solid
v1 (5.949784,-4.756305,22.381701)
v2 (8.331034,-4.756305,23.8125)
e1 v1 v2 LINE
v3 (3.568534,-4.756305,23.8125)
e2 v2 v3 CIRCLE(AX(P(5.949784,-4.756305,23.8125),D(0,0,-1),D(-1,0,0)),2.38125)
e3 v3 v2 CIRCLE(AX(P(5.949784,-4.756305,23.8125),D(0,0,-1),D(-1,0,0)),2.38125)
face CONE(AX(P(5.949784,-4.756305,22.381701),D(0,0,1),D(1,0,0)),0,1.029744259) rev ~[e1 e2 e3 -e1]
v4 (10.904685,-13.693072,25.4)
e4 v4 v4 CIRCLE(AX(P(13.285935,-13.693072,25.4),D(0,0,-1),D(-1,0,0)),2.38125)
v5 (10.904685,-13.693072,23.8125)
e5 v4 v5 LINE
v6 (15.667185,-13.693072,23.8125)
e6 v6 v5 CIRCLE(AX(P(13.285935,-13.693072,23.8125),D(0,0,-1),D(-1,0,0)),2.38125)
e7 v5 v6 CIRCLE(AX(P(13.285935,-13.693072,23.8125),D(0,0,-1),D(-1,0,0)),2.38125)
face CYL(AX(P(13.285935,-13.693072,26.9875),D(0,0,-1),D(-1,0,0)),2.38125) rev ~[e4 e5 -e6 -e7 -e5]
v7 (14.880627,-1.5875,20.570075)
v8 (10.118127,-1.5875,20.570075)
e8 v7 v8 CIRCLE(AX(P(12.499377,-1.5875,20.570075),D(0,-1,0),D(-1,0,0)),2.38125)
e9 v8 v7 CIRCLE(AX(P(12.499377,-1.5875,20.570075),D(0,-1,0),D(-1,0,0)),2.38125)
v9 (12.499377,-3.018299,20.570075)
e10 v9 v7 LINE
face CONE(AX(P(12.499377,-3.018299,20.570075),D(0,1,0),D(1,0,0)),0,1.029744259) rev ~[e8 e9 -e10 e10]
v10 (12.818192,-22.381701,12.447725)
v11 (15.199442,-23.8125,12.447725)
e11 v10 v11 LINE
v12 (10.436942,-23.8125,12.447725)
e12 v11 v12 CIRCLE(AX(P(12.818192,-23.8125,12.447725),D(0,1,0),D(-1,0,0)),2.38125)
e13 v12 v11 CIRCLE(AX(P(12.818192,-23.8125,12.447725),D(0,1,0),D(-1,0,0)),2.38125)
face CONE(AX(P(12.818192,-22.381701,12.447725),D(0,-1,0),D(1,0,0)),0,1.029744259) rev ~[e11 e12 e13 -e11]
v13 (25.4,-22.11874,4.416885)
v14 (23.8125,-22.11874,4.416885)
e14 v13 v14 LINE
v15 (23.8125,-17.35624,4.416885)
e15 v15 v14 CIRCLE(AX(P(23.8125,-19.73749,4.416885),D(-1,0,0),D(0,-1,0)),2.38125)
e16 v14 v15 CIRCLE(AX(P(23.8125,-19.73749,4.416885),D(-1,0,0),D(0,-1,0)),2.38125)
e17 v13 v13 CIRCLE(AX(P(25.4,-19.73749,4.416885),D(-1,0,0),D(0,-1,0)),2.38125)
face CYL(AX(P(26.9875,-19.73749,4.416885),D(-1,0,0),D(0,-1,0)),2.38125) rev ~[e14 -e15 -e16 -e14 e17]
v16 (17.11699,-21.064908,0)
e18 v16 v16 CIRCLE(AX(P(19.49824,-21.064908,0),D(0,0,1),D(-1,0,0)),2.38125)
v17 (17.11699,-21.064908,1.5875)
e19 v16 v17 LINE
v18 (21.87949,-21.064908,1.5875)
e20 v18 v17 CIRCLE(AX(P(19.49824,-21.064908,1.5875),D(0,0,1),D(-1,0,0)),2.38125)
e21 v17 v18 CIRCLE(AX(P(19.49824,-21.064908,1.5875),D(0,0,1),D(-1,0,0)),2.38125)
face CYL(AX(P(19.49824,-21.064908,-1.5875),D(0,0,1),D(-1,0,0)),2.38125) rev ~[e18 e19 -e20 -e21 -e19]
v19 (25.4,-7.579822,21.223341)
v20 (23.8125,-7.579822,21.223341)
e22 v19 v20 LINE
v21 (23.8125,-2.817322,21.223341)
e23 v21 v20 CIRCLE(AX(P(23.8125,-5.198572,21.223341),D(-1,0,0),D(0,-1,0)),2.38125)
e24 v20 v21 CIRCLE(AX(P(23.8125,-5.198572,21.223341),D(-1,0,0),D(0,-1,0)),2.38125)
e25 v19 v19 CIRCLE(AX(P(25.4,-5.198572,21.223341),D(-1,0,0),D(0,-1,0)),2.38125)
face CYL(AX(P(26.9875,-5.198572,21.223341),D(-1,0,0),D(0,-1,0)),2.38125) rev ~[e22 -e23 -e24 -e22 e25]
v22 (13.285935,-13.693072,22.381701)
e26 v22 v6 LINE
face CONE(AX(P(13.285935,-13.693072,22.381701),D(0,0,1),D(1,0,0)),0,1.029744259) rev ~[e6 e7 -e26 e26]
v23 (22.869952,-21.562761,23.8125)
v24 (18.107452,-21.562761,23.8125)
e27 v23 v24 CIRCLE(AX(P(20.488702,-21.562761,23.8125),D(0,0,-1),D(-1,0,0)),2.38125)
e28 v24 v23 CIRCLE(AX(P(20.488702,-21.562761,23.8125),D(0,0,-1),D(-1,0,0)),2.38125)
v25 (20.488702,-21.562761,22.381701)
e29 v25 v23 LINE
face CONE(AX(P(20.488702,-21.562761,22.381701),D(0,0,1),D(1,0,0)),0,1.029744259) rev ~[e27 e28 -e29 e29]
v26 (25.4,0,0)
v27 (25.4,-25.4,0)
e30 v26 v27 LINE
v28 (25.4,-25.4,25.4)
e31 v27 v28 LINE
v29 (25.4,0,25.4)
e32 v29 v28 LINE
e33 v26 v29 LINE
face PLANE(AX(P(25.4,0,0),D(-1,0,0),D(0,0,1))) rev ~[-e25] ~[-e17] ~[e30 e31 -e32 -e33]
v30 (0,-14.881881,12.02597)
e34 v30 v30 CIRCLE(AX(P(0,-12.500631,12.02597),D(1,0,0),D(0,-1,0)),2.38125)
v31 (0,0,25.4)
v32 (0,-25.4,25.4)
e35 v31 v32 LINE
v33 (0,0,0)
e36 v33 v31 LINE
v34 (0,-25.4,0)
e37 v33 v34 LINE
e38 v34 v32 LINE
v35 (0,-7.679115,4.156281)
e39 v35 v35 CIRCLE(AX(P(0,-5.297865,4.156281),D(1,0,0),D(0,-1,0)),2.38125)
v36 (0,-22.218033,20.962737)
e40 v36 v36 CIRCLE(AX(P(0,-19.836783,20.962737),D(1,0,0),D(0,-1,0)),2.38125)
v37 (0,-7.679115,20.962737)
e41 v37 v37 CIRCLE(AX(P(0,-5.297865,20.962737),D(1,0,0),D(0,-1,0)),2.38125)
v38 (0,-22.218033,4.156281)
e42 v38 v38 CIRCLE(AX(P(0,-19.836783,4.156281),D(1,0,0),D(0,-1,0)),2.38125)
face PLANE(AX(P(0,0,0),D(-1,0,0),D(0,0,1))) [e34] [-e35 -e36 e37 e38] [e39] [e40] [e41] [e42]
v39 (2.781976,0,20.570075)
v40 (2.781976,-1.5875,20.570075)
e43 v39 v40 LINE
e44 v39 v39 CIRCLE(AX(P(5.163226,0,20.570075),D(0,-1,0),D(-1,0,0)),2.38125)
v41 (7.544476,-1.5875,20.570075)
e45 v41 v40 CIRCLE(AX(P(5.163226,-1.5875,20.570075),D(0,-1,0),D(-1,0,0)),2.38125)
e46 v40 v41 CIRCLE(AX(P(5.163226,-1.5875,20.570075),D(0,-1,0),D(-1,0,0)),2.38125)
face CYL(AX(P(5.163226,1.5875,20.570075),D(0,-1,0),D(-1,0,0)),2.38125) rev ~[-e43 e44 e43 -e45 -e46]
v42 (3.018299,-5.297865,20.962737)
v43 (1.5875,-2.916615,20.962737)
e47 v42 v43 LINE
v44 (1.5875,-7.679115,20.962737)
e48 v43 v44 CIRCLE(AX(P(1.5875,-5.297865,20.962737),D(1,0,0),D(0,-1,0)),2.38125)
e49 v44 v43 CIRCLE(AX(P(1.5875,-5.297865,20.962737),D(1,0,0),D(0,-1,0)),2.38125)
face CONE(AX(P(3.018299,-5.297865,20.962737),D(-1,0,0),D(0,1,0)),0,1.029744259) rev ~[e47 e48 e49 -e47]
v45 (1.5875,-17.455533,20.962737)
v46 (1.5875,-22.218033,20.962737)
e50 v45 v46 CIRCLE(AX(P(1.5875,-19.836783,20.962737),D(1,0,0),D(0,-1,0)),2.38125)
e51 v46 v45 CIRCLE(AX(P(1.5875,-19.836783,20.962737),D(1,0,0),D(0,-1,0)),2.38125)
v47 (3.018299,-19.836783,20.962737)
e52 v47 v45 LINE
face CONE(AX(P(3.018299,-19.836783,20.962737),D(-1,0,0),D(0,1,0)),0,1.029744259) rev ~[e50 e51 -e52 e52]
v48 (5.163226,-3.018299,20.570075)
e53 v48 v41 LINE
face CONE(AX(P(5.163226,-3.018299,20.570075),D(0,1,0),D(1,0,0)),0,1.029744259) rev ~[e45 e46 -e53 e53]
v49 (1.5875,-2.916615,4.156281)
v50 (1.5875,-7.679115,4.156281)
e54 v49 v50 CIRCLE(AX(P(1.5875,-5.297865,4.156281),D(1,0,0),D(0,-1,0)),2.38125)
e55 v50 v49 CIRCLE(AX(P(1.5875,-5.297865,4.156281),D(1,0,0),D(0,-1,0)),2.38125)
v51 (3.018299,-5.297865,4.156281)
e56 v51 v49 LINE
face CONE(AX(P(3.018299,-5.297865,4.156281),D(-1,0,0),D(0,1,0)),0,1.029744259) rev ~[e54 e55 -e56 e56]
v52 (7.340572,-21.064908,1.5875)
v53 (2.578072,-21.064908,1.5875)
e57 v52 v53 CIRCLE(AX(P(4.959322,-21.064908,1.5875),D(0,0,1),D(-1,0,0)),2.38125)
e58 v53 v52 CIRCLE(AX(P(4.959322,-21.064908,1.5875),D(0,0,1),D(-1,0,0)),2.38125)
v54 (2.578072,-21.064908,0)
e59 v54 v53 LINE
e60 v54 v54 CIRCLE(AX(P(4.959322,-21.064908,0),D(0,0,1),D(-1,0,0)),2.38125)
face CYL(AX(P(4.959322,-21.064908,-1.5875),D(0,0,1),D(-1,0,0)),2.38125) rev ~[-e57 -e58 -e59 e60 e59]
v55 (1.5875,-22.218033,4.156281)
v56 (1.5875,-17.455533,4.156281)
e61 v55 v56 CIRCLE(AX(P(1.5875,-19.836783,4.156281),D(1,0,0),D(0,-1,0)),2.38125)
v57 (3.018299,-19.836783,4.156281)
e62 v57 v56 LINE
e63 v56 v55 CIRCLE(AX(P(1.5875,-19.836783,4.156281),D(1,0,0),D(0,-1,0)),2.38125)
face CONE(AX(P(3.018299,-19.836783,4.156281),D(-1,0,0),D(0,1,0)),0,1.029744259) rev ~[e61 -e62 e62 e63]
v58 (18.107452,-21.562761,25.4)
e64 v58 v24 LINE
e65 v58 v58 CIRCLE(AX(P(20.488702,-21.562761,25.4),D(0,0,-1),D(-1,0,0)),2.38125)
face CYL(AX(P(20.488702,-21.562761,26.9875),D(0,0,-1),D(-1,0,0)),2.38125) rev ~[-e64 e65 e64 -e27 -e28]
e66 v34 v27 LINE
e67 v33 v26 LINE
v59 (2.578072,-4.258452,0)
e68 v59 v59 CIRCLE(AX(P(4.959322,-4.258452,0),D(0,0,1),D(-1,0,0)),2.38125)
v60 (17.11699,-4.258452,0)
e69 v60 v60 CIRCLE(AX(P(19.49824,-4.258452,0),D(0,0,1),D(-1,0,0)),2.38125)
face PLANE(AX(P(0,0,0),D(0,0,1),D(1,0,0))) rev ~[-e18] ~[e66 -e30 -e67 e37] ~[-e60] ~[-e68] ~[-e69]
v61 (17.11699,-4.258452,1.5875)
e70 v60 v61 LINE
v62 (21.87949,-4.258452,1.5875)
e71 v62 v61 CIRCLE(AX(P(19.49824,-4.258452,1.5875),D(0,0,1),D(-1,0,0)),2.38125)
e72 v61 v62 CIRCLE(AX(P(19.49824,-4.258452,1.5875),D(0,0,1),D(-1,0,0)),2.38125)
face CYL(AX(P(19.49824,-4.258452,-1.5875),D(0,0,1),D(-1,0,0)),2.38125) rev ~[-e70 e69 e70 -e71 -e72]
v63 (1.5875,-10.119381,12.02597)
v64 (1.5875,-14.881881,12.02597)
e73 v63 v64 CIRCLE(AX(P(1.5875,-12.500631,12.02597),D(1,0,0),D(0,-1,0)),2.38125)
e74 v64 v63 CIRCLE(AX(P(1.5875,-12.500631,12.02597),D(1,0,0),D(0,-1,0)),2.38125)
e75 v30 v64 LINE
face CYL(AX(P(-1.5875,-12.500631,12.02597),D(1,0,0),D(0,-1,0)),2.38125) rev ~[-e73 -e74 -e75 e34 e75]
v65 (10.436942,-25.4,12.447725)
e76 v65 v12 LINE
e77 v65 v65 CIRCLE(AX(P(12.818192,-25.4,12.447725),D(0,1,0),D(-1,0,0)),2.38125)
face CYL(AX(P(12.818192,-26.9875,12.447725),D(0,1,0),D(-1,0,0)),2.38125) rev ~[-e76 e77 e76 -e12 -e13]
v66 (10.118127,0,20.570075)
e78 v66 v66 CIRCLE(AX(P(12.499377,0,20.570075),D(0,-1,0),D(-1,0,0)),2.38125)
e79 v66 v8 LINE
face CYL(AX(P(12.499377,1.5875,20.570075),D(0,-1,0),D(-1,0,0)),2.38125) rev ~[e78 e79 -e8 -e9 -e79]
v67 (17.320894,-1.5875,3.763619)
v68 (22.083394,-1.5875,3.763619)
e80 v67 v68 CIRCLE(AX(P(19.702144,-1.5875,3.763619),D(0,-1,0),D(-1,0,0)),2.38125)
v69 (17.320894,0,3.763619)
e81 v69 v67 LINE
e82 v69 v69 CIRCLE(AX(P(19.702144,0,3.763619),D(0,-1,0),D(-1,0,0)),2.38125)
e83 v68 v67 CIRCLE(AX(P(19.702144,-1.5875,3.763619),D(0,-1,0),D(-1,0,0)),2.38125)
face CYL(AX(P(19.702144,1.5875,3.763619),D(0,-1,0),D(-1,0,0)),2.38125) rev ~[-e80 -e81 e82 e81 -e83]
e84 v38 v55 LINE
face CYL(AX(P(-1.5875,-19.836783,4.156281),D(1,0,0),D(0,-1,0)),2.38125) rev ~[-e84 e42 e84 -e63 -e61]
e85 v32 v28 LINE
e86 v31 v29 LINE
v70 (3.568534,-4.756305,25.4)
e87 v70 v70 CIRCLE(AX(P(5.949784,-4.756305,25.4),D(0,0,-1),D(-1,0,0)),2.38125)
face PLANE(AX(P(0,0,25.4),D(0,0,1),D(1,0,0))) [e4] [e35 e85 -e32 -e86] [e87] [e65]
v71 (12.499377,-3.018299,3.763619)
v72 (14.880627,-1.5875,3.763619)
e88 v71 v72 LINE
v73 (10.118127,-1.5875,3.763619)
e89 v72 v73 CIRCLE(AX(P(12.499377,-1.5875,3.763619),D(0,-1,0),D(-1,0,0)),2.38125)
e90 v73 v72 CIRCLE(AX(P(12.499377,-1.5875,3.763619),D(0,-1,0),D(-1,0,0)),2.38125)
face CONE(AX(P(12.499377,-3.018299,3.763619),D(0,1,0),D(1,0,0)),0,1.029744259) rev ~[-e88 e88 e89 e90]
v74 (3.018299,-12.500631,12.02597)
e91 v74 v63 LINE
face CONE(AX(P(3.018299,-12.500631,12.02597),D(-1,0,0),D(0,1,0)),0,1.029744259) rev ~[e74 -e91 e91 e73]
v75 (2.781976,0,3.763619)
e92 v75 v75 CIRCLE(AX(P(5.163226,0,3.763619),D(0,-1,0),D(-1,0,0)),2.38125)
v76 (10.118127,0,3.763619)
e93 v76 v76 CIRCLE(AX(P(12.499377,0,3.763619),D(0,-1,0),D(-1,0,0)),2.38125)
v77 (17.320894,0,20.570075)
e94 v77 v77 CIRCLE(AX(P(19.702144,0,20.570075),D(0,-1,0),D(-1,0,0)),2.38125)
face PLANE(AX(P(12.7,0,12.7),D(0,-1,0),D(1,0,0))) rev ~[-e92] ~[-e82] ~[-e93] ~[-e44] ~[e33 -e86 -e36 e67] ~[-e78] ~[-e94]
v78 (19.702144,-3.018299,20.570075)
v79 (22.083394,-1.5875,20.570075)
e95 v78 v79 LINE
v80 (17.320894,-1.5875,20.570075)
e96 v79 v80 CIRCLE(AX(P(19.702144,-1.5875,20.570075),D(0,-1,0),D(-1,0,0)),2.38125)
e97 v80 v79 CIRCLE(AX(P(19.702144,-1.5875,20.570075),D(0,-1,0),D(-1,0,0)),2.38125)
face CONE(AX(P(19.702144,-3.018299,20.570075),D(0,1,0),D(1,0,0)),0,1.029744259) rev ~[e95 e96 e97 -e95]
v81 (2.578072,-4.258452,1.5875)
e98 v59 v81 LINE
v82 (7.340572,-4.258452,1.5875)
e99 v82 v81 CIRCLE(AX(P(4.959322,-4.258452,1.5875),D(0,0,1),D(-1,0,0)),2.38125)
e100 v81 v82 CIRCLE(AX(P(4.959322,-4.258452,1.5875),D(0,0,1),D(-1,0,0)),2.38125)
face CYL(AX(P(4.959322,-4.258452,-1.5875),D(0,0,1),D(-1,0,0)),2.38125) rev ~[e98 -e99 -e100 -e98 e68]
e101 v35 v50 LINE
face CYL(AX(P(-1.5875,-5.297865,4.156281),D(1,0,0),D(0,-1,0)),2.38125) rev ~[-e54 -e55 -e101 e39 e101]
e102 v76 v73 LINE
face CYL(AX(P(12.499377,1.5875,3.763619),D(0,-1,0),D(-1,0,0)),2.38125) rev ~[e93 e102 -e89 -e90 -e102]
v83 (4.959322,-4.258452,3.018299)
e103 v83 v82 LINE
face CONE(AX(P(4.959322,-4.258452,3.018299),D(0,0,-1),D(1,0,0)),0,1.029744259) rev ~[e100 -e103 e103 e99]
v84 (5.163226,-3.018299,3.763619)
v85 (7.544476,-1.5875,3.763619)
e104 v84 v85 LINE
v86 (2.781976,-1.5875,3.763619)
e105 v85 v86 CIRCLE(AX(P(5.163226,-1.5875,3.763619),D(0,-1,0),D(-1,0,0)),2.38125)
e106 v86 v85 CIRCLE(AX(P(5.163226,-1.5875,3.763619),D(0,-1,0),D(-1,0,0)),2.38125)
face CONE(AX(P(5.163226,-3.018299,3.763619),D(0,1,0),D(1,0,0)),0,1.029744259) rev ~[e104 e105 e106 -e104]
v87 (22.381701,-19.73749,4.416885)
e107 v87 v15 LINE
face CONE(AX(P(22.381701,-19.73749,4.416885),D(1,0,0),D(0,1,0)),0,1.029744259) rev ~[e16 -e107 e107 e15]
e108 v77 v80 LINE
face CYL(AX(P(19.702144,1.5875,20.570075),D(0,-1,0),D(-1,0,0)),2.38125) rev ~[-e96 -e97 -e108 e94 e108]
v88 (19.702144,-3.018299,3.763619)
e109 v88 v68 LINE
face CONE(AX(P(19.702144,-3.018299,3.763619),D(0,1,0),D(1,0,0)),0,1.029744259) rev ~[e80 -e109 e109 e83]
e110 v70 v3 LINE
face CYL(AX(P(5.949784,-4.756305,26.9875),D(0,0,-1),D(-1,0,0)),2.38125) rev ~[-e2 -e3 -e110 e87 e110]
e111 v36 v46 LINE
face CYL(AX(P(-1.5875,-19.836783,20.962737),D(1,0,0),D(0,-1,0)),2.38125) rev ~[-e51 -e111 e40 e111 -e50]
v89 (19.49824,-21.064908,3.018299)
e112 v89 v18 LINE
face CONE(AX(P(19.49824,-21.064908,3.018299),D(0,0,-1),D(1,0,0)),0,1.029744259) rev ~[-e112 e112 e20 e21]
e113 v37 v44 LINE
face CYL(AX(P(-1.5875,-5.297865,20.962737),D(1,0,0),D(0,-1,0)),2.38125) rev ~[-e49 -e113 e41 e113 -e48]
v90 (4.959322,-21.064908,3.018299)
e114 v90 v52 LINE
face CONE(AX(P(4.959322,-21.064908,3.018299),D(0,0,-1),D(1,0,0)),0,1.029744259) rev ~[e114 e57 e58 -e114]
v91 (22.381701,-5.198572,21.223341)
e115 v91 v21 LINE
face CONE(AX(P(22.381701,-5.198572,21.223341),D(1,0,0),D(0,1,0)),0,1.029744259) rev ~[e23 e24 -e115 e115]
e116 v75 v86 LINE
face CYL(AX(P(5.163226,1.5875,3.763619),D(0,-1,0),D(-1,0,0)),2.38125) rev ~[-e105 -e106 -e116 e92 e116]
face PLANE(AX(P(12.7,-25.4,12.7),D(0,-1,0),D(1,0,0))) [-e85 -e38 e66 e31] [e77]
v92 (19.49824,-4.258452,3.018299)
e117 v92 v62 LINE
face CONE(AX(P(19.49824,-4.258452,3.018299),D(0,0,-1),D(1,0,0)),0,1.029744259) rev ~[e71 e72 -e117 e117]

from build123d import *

# Parameters (mm, degrees)
F0_W            = 25.4
F0_H            = 25.4
F1_DEPTH        = 25.4
F5_D            = 4.7625
F5_DEPTH        = 1.5875
F5_TIP          = 1.4307993491
F5_ON_F4_D      = 4.7625
F5_ON_F4_DEPTH  = 1.5875
F5_ON_F4_TIP    = 1.4307993491
F5_ON_F3_D      = 4.7625
F5_ON_F3_DEPTH  = 1.5875
F5_ON_F3_TIP    = 1.4307993491
F12_D           = 4.7625
F12_DEPTH       = 1.5875
F12_TIP         = 1.4307993491
F12_ON_F9_D     = 4.7625
F12_ON_F9_DEPTH = 1.5875
F12_ON_F9_TIP   = 1.4307993491
F12_ON_F7_D     = 4.7625
F12_ON_F7_DEPTH = 1.5875
F12_ON_F7_TIP   = 1.4307993491


with BuildPart() as f1:
    # F0 (on Front) → F1 (new body)
    with BuildSketch(Plane.XZ):
        with Locations((12.7, 12.7)):
            Rectangle(F0_W, F0_H)
    extrude(amount=F1_DEPTH)

    # F5
    with Locations(Plane(origin=(0, 0, 0), x_dir=(1, 0, 0), z_dir=(0, 1, 0))):
        with Locations((5.163225811, -20.5700751394), (12.4993771315, -20.5700751394), (19.7021439672, -20.5700751394), (5.163225811, -3.7636191119), (12.4993771315, -3.7636191119), (19.7021439672, -3.7636191119)):
            Hole(F5_D / 2, depth=F5_DEPTH)
            with Locations((0, 0, -(F5_DEPTH + F5_TIP / 2))):  # 118° drill point
                Cone(0, F5_D / 2, F5_TIP, mode=Mode.SUBTRACT)

    # F5 on F4
    with Locations(Plane(origin=(0, 0, 0), x_dir=(1, 0, 0), z_dir=(0, 0, -1))):
        with Locations((4.9593222017, 21.0649077781), (19.4982403579, 21.0649077781), (4.9593222017, 4.2584517505), (19.4982403579, 4.2584517505)):
            Hole(F5_ON_F4_D / 2, depth=F5_ON_F4_DEPTH)
            with Locations((0, 0, -(F5_ON_F4_DEPTH + F5_ON_F4_TIP / 2))):  # 118° drill point
                Cone(0, F5_ON_F4_D / 2, F5_ON_F4_TIP, mode=Mode.SUBTRACT)

    # F5 on F3
    with Locations(Plane(origin=(0, 0, 0), x_dir=(0, 1, 0), z_dir=(-1, 0, 0))):
        with Locations((-5.2978646321, -20.9627368022), (-12.5006314677, -12.0259702671), (-19.8367827882, -4.1562807746), (-19.8367827882, -20.9627368022), (-5.2978646321, -4.1562807746)):
            Hole(F5_ON_F3_D / 2, depth=F5_ON_F3_DEPTH)
            with Locations((0, 0, -(F5_ON_F3_DEPTH + F5_ON_F3_TIP / 2))):  # 118° drill point
                Cone(0, F5_ON_F3_D / 2, F5_ON_F3_TIP, mode=Mode.SUBTRACT)

    # F12
    with Locations(Plane.XY.offset(25.4)):
        with Locations((5.9497837598, -4.7563051339), (13.2859350803, -13.693071669), (20.488701916, -21.5627611615)):
            Hole(F12_D / 2, depth=F12_DEPTH)
            with Locations((0, 0, -(F12_DEPTH + F12_TIP / 2))):  # 118° drill point
                Cone(0, F12_D / 2, F12_TIP, mode=Mode.SUBTRACT)

    # F12 on F9
    with Locations(Plane.XZ.offset(25.4)):
        with Locations((12.818192287, 12.447725283)):
            Hole(F12_ON_F9_D / 2, depth=F12_ON_F9_DEPTH)
            with Locations((0, 0, -(F12_ON_F9_DEPTH + F12_ON_F9_TIP / 2))):  # 118° drill point
                Cone(0, F12_ON_F9_D / 2, F12_ON_F9_TIP, mode=Mode.SUBTRACT)

    # F12 on F7
    with Locations(Plane.YZ.offset(25.4)):
        with Locations((-19.7374898319, 4.4168853201), (-5.1985716758, 21.2233413476)):
            Hole(F12_ON_F7_D / 2, depth=F12_ON_F7_DEPTH)
            with Locations((0, 0, -(F12_ON_F7_DEPTH + F12_ON_F7_TIP / 2))):  # 118° drill point
                Cone(0, F12_ON_F7_D / 2, F12_ON_F7_TIP, mode=Mode.SUBTRACT)


solid = f1.part
